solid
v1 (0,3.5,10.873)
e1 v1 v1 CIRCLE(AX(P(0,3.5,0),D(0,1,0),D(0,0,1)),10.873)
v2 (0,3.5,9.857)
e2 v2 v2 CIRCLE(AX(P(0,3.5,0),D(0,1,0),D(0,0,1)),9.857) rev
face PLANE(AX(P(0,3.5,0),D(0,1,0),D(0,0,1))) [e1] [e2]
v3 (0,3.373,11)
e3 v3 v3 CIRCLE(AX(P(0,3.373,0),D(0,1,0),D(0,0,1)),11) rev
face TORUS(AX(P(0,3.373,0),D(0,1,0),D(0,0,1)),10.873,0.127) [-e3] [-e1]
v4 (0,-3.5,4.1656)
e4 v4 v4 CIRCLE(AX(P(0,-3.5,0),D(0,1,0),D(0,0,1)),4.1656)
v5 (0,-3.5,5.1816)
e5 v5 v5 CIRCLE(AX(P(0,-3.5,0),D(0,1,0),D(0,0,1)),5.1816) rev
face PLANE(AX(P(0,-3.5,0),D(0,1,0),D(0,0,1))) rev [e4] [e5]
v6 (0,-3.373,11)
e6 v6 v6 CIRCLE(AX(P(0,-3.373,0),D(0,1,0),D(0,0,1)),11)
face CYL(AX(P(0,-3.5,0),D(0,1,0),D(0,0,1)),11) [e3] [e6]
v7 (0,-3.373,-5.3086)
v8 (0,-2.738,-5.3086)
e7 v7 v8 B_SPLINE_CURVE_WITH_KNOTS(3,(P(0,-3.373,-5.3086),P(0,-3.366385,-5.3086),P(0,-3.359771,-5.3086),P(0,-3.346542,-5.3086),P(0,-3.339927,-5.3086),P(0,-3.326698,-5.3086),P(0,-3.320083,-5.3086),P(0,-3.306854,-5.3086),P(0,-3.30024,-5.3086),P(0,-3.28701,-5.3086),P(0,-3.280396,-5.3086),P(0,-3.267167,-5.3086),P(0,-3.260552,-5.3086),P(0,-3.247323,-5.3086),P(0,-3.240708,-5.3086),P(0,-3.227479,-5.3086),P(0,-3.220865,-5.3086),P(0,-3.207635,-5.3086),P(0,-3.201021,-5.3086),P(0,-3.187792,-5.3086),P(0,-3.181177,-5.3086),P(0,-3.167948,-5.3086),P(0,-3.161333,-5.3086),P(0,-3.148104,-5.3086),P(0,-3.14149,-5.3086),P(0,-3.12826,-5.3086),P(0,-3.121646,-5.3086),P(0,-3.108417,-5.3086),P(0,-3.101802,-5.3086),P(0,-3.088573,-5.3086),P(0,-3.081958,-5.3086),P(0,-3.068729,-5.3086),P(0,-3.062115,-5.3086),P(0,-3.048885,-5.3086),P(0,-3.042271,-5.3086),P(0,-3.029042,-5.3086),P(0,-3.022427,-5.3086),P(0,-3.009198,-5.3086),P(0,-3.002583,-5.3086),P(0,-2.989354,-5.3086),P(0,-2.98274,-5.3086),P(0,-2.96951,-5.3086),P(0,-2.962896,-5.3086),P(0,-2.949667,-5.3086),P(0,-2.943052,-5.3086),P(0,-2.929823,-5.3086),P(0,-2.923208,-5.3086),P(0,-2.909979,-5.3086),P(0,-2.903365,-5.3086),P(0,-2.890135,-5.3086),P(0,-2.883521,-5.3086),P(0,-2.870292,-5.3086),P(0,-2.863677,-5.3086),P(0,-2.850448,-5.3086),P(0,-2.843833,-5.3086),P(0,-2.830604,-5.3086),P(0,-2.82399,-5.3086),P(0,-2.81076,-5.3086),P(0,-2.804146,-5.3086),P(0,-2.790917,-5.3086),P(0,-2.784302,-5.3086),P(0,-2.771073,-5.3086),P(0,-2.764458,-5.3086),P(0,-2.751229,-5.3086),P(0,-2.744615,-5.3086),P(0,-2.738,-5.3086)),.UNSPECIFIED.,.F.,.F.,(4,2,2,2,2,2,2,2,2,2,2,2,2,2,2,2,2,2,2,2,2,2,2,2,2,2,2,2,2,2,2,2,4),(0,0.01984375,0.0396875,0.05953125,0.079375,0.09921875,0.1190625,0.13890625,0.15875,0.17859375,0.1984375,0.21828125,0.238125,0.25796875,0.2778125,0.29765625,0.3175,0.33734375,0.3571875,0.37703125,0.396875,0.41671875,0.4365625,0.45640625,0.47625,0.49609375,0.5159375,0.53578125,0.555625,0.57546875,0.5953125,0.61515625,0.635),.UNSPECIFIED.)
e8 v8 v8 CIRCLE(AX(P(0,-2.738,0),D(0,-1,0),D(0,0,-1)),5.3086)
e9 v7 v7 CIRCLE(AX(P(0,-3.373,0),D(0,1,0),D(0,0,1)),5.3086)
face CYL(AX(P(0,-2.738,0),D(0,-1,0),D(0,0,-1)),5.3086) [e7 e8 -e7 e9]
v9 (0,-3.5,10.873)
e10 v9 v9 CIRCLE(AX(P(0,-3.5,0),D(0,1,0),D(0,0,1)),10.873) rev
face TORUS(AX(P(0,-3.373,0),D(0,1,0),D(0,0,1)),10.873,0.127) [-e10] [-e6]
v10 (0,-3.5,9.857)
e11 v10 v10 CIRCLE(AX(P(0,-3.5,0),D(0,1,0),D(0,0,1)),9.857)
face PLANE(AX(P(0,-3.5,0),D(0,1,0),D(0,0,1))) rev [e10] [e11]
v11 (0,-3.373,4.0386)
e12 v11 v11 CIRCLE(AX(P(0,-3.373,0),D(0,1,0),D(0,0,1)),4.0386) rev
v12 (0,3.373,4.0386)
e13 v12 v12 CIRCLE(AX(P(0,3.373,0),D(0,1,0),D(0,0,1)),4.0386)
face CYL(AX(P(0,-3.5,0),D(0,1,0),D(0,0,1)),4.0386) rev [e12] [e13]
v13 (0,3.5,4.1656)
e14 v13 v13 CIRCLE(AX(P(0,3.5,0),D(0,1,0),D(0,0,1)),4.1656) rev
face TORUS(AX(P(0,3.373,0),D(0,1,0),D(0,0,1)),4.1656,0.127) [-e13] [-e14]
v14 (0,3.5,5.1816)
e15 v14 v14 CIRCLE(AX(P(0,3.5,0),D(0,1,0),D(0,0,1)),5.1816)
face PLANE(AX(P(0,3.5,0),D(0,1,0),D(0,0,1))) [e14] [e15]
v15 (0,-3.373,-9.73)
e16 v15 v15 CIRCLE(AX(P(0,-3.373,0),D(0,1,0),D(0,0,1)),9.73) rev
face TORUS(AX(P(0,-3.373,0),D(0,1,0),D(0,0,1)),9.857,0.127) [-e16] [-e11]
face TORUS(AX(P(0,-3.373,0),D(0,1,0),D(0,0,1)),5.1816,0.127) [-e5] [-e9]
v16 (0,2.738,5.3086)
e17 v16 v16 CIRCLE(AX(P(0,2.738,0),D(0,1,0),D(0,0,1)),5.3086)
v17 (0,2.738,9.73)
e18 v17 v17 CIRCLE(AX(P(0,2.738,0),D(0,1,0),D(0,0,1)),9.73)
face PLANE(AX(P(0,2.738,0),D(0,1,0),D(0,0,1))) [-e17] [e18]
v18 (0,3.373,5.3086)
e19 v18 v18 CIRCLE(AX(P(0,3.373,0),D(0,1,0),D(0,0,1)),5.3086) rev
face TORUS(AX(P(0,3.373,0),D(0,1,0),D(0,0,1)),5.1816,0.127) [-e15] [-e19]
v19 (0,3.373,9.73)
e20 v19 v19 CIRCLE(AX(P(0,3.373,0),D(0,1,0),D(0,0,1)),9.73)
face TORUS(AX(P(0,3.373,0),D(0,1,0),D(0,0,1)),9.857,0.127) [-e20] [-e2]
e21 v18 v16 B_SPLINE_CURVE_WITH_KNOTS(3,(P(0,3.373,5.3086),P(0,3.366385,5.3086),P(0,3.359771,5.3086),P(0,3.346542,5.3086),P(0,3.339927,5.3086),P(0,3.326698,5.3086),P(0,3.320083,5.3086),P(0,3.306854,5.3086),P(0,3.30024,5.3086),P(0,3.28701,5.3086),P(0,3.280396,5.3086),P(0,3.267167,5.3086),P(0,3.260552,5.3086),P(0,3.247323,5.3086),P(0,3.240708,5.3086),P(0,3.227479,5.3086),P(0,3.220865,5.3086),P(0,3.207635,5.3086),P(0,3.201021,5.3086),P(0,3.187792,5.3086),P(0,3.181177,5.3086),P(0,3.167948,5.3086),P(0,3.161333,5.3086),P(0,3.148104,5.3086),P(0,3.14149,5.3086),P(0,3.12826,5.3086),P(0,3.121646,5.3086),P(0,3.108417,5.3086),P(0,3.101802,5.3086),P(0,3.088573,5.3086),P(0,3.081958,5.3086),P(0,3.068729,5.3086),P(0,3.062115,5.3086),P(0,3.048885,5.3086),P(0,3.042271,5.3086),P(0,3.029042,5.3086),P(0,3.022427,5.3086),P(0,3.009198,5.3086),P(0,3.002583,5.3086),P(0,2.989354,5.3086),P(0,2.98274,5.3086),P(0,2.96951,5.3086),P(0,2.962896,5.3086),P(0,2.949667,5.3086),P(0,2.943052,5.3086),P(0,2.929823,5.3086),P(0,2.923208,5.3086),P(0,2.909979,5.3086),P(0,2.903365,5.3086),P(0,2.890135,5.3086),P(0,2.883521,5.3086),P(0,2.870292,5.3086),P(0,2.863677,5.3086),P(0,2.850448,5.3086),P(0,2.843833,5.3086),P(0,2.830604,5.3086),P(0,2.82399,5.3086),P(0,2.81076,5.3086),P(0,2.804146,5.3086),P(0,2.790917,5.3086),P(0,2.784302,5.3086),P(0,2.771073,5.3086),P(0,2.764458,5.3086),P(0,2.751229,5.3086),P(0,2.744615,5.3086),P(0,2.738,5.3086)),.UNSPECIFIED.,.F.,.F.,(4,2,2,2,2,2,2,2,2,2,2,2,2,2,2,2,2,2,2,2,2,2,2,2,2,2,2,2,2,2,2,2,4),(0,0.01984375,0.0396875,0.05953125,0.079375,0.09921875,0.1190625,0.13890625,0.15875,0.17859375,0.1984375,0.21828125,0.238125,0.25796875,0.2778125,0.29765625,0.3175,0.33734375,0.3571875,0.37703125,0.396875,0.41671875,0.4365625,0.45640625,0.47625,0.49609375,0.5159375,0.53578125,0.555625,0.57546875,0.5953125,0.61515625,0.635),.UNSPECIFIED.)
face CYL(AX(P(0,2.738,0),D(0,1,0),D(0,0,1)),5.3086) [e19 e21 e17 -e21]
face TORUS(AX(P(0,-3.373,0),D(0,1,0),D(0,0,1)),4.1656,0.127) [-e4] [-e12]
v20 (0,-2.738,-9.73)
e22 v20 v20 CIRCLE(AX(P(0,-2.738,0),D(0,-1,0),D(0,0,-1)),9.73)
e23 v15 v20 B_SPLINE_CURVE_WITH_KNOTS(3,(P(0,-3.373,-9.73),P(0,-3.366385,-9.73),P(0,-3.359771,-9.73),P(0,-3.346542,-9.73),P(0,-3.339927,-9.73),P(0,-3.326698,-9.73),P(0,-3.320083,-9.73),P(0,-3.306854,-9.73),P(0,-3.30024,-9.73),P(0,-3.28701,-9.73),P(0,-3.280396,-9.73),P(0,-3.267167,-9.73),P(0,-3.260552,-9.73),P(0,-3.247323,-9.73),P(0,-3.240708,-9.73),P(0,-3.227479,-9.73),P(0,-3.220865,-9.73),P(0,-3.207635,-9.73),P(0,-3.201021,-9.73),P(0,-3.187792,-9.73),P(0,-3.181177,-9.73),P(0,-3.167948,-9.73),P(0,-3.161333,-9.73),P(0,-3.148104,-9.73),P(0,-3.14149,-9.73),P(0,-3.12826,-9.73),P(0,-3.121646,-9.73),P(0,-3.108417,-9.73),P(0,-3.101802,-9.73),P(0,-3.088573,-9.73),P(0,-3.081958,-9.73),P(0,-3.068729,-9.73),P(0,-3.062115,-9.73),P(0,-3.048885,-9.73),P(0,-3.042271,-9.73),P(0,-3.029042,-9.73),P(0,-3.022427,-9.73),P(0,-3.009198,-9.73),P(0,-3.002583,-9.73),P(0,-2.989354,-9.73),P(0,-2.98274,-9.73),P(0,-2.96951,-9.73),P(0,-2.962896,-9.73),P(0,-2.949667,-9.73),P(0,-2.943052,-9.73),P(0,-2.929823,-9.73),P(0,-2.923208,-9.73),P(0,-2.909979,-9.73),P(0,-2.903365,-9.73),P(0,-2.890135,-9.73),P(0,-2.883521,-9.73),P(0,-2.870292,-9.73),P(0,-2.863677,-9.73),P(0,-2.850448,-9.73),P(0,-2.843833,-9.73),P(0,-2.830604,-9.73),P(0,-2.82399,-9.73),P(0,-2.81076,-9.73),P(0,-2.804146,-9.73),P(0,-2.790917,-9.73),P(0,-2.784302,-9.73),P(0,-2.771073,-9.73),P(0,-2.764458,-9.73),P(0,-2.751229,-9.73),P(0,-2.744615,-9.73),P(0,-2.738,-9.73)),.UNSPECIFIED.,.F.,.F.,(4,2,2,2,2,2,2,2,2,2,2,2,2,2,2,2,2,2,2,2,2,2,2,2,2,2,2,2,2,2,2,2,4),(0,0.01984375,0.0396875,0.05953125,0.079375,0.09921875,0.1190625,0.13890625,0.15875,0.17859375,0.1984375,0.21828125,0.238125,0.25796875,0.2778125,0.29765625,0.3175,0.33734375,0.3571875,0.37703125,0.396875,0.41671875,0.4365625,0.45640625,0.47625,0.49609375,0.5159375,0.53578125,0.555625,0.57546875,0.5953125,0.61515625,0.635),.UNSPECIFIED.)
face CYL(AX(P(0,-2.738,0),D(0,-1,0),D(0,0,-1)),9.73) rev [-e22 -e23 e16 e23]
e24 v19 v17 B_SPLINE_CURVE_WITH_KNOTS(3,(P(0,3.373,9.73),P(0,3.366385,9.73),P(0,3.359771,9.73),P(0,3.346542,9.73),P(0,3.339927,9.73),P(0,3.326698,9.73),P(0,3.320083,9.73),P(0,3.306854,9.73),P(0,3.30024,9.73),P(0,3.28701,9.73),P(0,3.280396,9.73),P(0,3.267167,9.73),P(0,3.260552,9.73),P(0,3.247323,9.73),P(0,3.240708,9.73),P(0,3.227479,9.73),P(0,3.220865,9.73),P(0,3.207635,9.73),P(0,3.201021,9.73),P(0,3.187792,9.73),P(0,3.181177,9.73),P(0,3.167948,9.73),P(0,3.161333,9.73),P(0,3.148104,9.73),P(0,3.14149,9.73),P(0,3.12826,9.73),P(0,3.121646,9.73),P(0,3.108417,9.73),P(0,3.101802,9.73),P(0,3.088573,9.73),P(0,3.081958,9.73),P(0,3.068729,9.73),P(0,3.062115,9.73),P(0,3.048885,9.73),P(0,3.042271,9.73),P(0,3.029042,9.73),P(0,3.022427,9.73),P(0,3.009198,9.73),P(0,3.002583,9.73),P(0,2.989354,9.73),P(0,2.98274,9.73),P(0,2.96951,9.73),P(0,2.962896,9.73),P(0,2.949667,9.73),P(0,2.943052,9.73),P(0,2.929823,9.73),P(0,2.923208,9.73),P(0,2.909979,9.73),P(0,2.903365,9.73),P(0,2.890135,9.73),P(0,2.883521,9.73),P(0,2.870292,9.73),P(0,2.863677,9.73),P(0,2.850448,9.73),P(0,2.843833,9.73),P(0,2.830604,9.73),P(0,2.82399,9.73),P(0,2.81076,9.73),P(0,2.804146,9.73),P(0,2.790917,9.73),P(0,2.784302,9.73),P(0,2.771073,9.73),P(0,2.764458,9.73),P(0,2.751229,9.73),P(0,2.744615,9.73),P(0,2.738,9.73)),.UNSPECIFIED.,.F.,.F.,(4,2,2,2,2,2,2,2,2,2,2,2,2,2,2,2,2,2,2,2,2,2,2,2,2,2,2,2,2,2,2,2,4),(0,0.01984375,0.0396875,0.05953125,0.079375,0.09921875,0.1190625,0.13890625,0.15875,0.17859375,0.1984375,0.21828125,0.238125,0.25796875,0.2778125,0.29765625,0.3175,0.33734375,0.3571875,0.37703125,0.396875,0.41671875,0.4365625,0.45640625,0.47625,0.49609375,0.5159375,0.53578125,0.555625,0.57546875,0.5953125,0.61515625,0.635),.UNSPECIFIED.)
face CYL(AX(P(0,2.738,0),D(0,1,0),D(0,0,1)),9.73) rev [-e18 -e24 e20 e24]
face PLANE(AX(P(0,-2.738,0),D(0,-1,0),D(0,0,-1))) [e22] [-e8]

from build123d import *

# Parameters (mm, degrees)
BOSS_EXTRUDE1_DEPTH      = 3.5
BOSS_EXTRUDE1_DEPTH_BACK = 3.5
SKETCH1_R                = 11
SKETCH1_R_2              = 4.0386
SKETCH2_R                = 9.73
SKETCH2_R_2              = 5.3086
CUT_EXTRUDE1_DEPTH       = 0.762
CUT_EXTRUDE2_START       = -0.762
SKETCH3_R                = 9.73
SKETCH3_R_2              = 5.3086
CUT_EXTRUDE2_DEPTH       = 0.762
FILLET1_R                = 0.127


with BuildPart() as part:
    # Sketch1 → Boss-Extrude1 (new, two sides: drawn at the far end of the back side and taken through both)
    with BuildSketch(Plane(origin=(0, 0, 0), x_dir=(1, 0, 0), z_dir=(0, 1, 0)).offset(-BOSS_EXTRUDE1_DEPTH_BACK)):
        Circle(SKETCH1_R)
        Circle(SKETCH1_R_2, mode=Mode.SUBTRACT)
    extrude(amount=BOSS_EXTRUDE1_DEPTH + BOSS_EXTRUDE1_DEPTH_BACK)

    # Sketch2 → Cut-Extrude1 (cut)
    with BuildSketch(Plane(origin=(0, 3.5, 0), x_dir=(1, 0, 0), z_dir=(0, 1, 0))):
        Circle(SKETCH2_R)
        Circle(SKETCH2_R_2, mode=Mode.SUBTRACT)
    extrude(amount=-CUT_EXTRUDE1_DEPTH, mode=Mode.SUBTRACT)

    # Sketch3 → Cut-Extrude2 (cut)
    with BuildSketch(Plane.XZ.offset(3.5).offset(CUT_EXTRUDE2_START)):
        Circle(SKETCH3_R)
        Circle(SKETCH3_R_2, mode=Mode.SUBTRACT)
    extrude(amount=CUT_EXTRUDE2_DEPTH, mode=Mode.SUBTRACT)

    # Fillet1
    fillet1_edges = [part.edges().sort_by_distance(p)[0] for p in [
        (-4.0386, -3.5, 0),
        (-4.0386, 3.5, 0),
        (-5.3086, -3.5, 0),
        (-9.73, -3.5, 0),
        (-11, -3.5, 0),
        (-5.3086, 3.5, 0),
        (-9.73, 3.5, 0),
        (-11, 3.5, 0),
    ]]
    fillet(fillet1_edges, radius=FILLET1_R)


solid = part.part
